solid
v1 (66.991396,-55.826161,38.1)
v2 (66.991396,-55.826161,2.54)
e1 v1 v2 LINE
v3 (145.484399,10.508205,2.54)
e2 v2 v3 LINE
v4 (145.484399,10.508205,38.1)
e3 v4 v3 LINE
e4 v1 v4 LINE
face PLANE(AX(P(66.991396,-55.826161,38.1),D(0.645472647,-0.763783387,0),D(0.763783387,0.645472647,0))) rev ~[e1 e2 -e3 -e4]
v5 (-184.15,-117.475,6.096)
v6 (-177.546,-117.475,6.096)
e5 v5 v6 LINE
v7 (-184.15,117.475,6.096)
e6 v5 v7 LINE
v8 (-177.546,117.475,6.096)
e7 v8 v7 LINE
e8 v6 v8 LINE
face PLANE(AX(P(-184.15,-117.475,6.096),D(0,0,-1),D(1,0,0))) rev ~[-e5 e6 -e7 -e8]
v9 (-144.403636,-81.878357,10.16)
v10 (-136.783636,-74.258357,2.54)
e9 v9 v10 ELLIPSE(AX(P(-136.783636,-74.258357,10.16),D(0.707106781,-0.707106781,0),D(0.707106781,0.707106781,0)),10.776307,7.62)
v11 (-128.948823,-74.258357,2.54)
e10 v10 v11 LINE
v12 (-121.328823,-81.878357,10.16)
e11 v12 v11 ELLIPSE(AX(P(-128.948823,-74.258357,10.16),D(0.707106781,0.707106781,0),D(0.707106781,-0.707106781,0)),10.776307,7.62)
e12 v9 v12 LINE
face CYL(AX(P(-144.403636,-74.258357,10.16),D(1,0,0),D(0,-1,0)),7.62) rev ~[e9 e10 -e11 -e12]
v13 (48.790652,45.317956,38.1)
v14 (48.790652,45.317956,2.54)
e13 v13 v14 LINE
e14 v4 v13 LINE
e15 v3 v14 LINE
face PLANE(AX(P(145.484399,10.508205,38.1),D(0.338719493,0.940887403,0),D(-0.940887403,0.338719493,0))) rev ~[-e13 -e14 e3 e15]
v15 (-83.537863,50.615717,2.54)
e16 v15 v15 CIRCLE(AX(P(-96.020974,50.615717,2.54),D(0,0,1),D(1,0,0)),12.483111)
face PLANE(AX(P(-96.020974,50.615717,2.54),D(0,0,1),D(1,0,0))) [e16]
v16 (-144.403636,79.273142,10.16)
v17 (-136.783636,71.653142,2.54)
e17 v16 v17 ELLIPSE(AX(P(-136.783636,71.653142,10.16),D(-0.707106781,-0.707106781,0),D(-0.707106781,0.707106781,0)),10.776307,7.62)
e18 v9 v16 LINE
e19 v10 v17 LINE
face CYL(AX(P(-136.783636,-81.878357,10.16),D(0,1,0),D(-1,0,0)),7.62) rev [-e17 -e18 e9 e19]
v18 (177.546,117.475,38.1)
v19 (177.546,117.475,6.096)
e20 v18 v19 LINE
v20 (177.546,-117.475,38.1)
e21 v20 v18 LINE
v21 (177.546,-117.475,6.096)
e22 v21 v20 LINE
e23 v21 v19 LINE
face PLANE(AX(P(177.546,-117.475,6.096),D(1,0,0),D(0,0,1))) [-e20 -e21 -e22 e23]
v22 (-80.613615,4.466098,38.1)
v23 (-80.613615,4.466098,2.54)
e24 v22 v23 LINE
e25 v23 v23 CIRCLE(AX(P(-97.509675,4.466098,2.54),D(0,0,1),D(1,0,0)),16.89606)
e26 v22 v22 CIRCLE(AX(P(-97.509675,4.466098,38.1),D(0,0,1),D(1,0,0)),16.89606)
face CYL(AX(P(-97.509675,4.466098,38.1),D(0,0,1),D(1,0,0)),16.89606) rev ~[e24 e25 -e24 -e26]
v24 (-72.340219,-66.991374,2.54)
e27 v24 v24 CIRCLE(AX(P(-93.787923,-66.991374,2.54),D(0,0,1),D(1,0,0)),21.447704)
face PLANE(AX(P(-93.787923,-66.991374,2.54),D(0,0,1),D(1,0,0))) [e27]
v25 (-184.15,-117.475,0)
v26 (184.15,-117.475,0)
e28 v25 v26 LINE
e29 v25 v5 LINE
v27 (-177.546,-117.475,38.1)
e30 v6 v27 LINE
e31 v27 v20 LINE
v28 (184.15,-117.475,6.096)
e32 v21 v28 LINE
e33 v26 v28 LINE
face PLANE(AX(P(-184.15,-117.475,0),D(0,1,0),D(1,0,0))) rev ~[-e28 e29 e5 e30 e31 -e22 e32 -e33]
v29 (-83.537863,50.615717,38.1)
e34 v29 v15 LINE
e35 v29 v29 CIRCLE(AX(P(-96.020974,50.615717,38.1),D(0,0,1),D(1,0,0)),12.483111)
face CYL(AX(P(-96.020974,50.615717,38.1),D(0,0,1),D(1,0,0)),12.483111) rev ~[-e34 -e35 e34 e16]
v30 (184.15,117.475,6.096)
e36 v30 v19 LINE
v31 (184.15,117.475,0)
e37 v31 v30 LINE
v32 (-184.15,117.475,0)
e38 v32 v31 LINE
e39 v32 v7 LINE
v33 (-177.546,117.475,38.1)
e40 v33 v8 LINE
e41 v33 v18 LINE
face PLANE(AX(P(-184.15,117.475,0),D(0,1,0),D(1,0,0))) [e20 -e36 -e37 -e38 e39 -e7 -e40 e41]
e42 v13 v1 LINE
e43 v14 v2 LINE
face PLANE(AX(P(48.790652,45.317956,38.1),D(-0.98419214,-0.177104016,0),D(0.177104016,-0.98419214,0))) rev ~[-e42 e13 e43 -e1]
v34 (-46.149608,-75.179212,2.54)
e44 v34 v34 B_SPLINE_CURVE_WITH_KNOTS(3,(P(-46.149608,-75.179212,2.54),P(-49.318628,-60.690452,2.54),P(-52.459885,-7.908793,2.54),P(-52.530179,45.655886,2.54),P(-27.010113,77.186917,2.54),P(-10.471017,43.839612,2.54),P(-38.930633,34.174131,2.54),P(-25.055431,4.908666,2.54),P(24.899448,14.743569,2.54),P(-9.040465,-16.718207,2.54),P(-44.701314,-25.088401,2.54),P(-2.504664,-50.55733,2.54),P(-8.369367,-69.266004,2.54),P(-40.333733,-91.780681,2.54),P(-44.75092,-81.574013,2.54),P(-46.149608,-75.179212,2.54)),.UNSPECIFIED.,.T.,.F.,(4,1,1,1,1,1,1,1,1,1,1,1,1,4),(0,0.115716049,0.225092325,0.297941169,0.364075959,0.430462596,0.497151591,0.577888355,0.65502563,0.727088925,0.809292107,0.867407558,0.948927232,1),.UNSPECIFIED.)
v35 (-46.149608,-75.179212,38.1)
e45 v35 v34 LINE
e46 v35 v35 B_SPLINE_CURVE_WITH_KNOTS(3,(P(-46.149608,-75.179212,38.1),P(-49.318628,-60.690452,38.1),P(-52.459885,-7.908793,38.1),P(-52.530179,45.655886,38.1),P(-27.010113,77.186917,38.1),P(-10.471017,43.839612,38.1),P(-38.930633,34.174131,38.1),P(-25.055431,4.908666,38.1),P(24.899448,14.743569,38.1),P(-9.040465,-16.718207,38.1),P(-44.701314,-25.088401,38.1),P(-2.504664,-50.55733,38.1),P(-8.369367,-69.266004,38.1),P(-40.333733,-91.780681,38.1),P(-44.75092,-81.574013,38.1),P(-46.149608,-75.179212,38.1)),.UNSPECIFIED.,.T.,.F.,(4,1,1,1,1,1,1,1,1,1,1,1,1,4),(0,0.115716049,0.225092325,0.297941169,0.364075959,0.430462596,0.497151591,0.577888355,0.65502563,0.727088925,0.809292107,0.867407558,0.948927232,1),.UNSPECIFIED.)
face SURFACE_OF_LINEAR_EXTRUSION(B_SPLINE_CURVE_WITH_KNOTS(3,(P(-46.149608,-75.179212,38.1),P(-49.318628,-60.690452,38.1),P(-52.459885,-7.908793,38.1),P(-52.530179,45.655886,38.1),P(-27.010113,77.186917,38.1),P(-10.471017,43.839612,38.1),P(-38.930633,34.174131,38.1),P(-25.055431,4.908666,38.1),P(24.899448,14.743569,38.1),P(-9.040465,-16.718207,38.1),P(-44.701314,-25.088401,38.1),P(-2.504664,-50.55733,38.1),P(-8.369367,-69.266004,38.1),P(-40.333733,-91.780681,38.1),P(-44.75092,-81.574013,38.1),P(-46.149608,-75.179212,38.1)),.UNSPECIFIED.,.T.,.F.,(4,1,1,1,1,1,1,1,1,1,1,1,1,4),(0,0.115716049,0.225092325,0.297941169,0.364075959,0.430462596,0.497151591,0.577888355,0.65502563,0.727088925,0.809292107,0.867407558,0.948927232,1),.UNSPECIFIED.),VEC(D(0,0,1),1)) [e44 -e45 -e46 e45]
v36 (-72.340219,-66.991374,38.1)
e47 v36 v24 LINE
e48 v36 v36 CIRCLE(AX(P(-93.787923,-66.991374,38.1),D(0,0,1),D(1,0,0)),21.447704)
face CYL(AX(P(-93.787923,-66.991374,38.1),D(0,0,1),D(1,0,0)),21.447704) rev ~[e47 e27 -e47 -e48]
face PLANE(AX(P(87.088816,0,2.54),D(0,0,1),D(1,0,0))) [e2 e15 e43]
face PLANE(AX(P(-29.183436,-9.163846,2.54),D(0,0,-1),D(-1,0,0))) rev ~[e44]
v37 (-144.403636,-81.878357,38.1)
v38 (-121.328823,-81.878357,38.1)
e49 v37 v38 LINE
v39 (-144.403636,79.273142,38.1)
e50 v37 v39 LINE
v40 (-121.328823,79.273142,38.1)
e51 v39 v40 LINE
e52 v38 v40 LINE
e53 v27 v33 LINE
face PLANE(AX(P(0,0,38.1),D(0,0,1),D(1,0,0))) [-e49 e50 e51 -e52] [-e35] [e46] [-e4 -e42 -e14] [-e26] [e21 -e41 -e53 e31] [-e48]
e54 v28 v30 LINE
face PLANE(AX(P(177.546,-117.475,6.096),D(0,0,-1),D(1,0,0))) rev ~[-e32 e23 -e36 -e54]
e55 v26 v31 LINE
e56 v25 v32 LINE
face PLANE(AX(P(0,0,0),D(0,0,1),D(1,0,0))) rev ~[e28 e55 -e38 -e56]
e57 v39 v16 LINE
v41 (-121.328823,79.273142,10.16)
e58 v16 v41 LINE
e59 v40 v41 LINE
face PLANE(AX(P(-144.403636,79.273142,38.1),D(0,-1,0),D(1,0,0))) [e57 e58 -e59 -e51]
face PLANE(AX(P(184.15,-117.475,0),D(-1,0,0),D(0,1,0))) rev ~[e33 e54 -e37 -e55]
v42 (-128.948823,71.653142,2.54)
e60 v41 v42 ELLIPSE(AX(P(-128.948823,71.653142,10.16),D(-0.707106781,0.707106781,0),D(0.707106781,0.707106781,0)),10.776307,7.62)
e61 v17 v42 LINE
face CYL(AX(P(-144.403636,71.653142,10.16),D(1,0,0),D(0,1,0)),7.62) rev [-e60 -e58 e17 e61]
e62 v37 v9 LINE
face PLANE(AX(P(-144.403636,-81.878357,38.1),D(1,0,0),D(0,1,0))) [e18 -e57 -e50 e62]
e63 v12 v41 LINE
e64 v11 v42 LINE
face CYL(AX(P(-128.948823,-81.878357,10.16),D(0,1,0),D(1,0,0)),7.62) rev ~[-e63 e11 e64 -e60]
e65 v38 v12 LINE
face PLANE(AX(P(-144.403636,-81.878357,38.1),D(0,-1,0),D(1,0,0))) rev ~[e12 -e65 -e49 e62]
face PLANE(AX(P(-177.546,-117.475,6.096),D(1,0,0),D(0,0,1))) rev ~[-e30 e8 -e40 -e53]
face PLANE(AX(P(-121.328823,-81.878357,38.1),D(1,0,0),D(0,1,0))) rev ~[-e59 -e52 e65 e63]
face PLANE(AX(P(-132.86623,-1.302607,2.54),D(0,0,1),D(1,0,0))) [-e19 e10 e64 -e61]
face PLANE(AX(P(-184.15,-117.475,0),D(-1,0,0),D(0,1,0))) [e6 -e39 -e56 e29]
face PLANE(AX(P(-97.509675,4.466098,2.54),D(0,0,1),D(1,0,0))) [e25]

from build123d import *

# Parameters (mm, degrees)
F0_W     = 368.3
F0_H     = 234.95
F1_DEPTH = 38.1
F2_W     = 6.604
F2_H     = 32.004
F3_DEPTH = 234.951
F4_R     = 16.8960598702
F4_R_2   = 21.4477044948
F4_W     = 23.0748131871
F4_H     = 161.1514985561
F4_R_3   = 12.4831112704
F5_DEPTH = 35.56
F6_R     = 7.62


with BuildPart() as f1:
    # F0 (on Top) → F1 (new body)
    with BuildSketch(Plane.XY):
        Rectangle(F0_W, F0_H)
    extrude(amount=F1_DEPTH)

    # F2 (on face) → F3 (cut, through all)
    with BuildSketch(Plane.XZ.offset(117.475)):
        with Locations((180.848, 22.098)):
            Rectangle(F2_W, F2_H)
        with Locations((-180.848, 22.098)):
            Rectangle(F2_W, F2_H)
    extrude(amount=-F3_DEPTH, mode=Mode.SUBTRACT)

    # F4 (on face) → F5 (cut)
    with BuildSketch(Plane.XY.offset(38.1)):
        with BuildLine():
            add(Edge.make_bspline(
                [(-46.1496077478, -75.1792117953), (-49.3186279348, -60.6904518614), (-52.4598845595, -7.9087934106), (-52.5301794964, 45.6558860892), (-27.0101126446, 77.186916711), (-10.4710171081, 43.8396118699), (-38.9306329093, 34.1741312423), (-25.0554307802, 4.9086663528), (24.8994478008, 14.7435687242), (-9.0404651832, -16.7182072693), (-44.7013135767, -25.0884012199), (-2.5046643875, -50.5573295528), (-8.3693665776, -69.2660043872), (-40.33373303, -91.7806813493), (-44.7509198876, -81.5740125329), (-46.1496077478, -75.1792117953)],
                knots=[0, 0, 0, 0, 0.1157160493, 0.2250923254, 0.2979411693, 0.3640759595, 0.4304625959, 0.4971515908, 0.5778883555, 0.6550256298, 0.7270889253, 0.8092921071, 0.8674075577, 0.9489272318, 1, 1, 1, 1], degree=3))
        make_face()
        with Locations((-97.5096747279, 4.4660978019)):
            Circle(F4_R)
        with Locations((-93.7879234552, -66.9913738966)):
            Circle(F4_R_2)
        with Locations((-132.866229862, -1.3026073575)):
            Rectangle(F4_W, F4_H)
        with Locations((-96.0209742188, 50.6157167256)):
            Circle(F4_R_3)
        Polygon((145.4843993486, 10.5082045873), (48.7906520068, 45.3179564694), (66.9913962483, -55.8261610568), align=None)
    extrude(amount=-F5_DEPTH, mode=Mode.SUBTRACT)

    # F6
    f6_edges = [f1.edges().sort_by_distance(p)[0] for p in [
        (-144.403636, -1.302607, 2.54),
        (-132.86623, -81.878357, 2.54),
        (-121.328823, -1.302607, 2.54),
        (-132.86623, 79.273142, 2.54),
    ]]
    fillet(f6_edges, radius=F6_R)


solid = f1.part
